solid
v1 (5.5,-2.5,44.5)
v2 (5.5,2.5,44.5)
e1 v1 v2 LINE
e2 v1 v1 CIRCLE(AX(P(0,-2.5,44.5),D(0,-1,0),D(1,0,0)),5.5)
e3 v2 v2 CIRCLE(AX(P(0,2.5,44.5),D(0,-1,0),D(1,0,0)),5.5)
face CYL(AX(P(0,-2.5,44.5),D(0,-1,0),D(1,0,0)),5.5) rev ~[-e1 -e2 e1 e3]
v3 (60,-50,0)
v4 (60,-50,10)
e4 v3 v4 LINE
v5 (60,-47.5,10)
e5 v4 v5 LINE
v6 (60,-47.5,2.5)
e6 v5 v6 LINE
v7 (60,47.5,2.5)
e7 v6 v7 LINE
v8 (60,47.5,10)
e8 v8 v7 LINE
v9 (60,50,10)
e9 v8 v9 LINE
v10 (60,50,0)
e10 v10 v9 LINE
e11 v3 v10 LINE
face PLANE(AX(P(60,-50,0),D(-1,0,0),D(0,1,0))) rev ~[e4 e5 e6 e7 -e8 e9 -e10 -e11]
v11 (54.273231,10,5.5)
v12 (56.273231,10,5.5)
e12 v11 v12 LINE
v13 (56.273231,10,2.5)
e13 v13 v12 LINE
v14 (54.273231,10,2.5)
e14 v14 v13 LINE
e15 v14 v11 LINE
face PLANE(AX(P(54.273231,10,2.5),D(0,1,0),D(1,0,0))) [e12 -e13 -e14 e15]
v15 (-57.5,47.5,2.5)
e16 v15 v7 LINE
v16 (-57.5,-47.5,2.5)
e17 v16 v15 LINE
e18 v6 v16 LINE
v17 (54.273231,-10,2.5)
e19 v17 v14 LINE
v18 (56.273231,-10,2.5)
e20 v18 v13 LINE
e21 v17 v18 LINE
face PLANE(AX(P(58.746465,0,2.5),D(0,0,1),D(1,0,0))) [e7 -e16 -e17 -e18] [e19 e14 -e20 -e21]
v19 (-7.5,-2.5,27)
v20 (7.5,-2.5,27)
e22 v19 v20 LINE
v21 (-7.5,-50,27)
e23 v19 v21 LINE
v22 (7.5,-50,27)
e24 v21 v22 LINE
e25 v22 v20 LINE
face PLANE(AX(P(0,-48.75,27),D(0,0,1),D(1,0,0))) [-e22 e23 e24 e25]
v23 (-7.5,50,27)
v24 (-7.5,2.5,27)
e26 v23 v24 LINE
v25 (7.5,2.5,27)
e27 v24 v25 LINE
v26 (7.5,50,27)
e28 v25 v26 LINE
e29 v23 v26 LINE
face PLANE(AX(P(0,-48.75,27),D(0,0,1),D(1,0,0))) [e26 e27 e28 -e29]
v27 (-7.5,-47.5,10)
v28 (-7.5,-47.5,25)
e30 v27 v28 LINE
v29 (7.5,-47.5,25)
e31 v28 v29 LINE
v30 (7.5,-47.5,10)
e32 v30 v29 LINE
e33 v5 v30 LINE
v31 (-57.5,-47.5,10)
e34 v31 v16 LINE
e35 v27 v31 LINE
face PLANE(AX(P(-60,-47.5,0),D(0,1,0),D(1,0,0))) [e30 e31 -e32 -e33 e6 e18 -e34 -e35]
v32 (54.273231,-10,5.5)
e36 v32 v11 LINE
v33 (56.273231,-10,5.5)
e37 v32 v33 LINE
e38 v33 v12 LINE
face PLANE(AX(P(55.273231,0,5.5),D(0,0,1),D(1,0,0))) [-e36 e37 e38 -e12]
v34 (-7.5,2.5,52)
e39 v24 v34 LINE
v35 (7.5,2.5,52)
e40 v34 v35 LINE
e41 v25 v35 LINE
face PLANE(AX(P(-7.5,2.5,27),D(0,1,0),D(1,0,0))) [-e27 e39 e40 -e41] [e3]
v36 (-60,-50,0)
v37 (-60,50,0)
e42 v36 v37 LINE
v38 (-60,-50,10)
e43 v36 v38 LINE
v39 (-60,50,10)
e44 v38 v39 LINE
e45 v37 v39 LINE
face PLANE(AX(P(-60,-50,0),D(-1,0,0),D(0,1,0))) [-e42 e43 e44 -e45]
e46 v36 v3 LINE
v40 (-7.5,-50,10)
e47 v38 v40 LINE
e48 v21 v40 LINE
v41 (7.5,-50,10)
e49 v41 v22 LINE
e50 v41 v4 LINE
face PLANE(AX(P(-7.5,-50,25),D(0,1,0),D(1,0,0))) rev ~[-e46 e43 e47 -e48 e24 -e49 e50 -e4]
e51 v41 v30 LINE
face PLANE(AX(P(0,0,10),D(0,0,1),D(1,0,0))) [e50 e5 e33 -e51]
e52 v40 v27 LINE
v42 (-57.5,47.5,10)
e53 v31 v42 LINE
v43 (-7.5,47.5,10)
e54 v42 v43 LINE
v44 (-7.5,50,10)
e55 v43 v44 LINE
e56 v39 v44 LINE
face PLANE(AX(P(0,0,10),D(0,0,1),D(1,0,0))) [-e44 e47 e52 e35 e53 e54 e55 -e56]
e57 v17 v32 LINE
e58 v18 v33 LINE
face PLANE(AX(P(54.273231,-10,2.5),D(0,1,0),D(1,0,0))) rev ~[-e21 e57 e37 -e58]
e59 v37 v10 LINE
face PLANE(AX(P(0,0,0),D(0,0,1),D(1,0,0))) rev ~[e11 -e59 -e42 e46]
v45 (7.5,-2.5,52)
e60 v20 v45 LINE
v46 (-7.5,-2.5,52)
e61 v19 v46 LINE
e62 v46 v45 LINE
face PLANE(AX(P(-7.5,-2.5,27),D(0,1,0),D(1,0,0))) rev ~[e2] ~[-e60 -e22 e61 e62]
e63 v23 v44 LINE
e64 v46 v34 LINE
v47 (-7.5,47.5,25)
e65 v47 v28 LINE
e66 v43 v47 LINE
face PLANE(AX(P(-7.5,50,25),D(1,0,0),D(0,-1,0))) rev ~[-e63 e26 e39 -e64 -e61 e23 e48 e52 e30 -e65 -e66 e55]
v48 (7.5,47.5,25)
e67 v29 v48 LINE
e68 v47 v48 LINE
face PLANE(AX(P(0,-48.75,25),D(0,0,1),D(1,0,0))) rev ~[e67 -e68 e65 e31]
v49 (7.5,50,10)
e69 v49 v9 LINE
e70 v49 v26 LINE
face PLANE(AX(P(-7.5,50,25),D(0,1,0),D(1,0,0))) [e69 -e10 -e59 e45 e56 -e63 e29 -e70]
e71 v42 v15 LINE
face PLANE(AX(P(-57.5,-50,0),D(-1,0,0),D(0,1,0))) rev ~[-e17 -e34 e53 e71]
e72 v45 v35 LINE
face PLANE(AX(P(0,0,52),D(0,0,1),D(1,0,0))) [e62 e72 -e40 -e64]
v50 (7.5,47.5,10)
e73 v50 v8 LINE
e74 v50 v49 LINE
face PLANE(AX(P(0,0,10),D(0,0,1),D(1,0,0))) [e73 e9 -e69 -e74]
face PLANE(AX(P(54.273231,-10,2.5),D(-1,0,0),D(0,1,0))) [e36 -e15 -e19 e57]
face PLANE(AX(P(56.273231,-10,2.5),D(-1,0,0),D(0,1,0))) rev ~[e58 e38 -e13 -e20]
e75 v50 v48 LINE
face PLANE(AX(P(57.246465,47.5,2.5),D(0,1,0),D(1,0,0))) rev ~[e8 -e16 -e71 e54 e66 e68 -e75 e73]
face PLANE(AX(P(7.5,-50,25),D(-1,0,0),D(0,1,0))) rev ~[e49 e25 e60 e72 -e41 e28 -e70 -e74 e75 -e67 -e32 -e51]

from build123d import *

# Parameters (mm, degrees)
F0_W      = 120
F0_H      = 100
F1_DEPTH  = 10
F2_T      = -2.5
F4_W      = 3
F4_H      = 95
F5_DEPTH  = 10
F6_W      = 15
F6_H      = 2.5
F7_DEPTH  = 15
F8_W      = 15
F8_H      = 2.5
F8_H_2    = 97.5
F9_DEPTH  = 2
F10_W     = 15
F10_H     = 5
F11_DEPTH = 25
F12_R     = 5.5
F13_DEPTH = 5
F4_W_2    = 2
F4_H_2    = 20
F14_DEPTH = 3


with BuildPart() as f1:
    # F0 (on Top) → F1 (new body)
    with BuildSketch(Plane.XY):
        Rectangle(F0_W, F0_H)
    extrude(amount=F1_DEPTH)

    # F2
    f2_openings = [f1.faces().sort_by_distance(p)[0] for p in [
        (0, 0, 10),
    ]]
    offset(amount=F2_T, openings=f2_openings)

    # F4 (on face) → F5 (cut)
    with BuildSketch(Plane.XY.offset(2.5)):
        with Locations((58.746465, 0)):
            Rectangle(F4_W, F4_H)
    extrude(amount=F5_DEPTH, mode=Mode.SUBTRACT)

    # F6 (on face) → F7 (join)
    with BuildSketch(Plane.XY.offset(10)):
        with Locations((0, -48.75)):
            Rectangle(F6_W, F6_H)
        with Locations((0, 48.75)):
            Rectangle(F6_W, F6_H)
    extrude(amount=F7_DEPTH)

    # F8 (on face) → F9 (join)
    with BuildSketch(Plane.XY.offset(25)):
        with Locations((0, -48.75)):
            Rectangle(F8_W, F8_H)
        with Locations((0, 1.25)):
            Rectangle(F8_W, F8_H_2)
    extrude(amount=F9_DEPTH)

    # F10 (on face) → F11 (join)
    with BuildSketch(Plane.XY.offset(27)):
        Rectangle(F10_W, F10_H)
    extrude(amount=F11_DEPTH)

    # F12 (on face) → F13 (cut, through all)
    with BuildSketch(Plane.XZ.offset(2.5)):
        with Locations((0, 44.5)):
            Circle(F12_R)
    extrude(amount=-F13_DEPTH, mode=Mode.SUBTRACT)

    # F4 (on face) → F14 (join)
    with BuildSketch(Plane.XY.offset(2.5)):
        with Locations((55.273231, 0)):
            Rectangle(F4_W_2, F4_H_2)
    extrude(amount=F14_DEPTH)


solid = f1.part
